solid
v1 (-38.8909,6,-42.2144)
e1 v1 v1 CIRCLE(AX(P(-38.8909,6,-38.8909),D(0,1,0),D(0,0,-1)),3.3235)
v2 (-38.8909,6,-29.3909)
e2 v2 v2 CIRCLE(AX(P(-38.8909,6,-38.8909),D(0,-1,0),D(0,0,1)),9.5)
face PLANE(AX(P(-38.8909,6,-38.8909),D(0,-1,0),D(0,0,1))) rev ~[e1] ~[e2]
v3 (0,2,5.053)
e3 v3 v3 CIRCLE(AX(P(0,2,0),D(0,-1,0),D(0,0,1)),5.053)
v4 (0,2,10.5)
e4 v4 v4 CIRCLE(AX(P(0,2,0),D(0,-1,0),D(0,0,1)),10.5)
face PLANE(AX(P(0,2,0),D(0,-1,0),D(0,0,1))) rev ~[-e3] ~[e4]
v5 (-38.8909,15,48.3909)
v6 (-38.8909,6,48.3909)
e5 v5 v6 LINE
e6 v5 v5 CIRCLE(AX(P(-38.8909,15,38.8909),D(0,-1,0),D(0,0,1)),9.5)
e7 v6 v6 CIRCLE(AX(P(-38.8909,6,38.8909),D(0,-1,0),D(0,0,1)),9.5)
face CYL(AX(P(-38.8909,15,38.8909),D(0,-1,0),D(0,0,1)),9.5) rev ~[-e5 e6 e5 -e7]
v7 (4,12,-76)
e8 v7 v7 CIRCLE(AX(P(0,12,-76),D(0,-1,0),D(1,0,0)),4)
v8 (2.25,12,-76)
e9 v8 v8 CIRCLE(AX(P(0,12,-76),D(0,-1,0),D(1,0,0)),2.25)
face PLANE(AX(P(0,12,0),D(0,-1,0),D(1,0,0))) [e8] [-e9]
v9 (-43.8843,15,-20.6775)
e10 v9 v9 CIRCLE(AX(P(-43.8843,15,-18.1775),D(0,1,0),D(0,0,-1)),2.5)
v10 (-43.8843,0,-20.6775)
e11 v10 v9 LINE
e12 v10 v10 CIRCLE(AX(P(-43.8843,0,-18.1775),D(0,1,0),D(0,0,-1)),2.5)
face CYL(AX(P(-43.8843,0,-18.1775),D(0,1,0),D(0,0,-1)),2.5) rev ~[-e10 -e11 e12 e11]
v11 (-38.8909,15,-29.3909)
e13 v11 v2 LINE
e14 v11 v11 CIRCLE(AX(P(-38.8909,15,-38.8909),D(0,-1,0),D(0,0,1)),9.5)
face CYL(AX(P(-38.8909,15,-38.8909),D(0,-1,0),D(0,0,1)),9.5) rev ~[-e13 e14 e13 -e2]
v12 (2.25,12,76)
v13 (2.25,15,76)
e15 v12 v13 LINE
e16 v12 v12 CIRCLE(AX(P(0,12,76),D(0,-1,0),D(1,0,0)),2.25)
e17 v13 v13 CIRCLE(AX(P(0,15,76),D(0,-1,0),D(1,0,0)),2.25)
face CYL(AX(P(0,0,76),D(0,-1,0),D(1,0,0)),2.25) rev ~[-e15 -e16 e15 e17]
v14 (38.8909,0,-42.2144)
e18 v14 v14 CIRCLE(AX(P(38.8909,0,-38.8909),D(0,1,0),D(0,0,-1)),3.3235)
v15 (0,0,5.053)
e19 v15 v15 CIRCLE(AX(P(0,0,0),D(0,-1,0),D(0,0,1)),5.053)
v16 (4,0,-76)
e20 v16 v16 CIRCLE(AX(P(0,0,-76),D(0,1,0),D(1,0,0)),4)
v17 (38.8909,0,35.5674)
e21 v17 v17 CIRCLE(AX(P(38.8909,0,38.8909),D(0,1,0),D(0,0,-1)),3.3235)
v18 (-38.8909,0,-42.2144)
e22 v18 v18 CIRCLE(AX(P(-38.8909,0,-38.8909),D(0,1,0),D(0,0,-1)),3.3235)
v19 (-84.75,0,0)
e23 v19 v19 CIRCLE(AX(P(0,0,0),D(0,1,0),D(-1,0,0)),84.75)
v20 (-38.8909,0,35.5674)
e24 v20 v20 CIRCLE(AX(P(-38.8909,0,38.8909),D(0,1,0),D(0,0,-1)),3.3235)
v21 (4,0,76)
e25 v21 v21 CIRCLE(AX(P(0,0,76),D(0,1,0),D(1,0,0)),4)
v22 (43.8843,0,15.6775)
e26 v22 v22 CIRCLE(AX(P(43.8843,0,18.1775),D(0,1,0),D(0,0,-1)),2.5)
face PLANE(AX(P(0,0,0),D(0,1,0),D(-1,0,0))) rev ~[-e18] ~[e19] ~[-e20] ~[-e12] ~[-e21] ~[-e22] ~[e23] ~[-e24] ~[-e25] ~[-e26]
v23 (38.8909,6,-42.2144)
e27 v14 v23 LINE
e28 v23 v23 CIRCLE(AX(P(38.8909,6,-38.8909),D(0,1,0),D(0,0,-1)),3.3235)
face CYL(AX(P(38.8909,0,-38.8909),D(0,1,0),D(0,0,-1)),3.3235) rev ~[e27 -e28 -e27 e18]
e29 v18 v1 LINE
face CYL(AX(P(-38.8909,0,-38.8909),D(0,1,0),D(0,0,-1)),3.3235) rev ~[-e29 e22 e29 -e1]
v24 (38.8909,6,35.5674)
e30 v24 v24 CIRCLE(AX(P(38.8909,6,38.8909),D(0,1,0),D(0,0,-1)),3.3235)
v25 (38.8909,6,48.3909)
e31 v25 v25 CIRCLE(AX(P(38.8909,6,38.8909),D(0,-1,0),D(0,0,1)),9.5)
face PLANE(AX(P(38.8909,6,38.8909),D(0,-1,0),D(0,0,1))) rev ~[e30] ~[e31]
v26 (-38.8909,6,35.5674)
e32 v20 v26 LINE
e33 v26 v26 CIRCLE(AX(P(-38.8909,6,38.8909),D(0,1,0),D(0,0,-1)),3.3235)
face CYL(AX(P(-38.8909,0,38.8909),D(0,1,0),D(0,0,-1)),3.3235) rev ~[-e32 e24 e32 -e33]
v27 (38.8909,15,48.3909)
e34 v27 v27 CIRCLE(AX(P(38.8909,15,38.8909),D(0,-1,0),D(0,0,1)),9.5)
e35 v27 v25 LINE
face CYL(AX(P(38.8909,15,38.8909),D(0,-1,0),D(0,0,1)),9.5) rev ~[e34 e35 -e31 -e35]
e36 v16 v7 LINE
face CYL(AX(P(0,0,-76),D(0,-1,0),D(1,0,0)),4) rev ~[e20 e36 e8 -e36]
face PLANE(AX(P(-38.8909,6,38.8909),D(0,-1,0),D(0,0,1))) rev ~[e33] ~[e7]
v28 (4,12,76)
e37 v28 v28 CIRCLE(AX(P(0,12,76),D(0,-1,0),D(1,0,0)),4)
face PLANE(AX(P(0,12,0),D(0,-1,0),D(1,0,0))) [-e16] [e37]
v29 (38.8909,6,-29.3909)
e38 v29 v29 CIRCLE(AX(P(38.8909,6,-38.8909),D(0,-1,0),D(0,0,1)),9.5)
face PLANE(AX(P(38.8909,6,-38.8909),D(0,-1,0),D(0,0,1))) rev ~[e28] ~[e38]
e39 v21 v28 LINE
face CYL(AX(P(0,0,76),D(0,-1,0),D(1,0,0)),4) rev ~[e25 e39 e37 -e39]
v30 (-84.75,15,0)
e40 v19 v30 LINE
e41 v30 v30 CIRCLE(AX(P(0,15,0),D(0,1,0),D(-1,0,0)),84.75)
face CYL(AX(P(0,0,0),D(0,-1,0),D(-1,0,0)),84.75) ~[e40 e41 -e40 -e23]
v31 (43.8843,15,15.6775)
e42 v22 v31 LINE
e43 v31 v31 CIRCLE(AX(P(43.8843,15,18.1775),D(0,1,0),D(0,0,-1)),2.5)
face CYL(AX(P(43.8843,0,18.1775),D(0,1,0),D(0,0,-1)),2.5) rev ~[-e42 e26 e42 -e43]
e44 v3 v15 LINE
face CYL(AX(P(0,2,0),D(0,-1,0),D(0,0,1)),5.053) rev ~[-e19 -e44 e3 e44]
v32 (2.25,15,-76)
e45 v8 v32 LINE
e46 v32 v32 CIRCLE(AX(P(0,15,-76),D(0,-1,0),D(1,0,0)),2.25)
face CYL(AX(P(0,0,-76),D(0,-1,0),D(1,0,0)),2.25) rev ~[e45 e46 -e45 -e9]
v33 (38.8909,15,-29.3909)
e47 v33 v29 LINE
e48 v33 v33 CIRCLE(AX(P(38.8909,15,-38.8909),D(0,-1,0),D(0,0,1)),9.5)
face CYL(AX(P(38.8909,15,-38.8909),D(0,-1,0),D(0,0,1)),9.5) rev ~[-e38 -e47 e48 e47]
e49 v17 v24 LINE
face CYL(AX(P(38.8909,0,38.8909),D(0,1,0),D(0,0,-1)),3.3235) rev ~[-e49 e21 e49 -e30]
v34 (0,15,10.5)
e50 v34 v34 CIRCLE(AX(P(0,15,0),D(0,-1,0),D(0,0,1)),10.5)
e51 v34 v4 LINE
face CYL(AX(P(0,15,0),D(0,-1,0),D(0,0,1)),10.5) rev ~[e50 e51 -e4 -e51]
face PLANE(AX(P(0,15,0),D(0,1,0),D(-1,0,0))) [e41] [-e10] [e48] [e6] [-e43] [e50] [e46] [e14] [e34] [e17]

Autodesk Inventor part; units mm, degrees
ref_plane "YZ Plane" through (0, 0, 0) normal (1, 0, 0) x (0, 1, 0)
ref_plane "XZ Plane" through (0, 0, 0) normal (0, 1, 0) x (-1, 0, 0)
ref_plane "XY Plane" through (0, 0, 0) normal (0, 0, 1) x (1, 0, 0)
sketch "Sketch1" plane through (0, 0, 0) normal (0, 1, 0) x (-1, 0, 0)
  circle A0 centre (0, 0) radius 84.75
  dimension "d0" = 169.5
extrude "Extrusion1" add sketch "Sketch1" along normal blind 15
sketch "Sketch2" plane through (0, 0, 0) normal (0, -1, 0) x (1, 0, 0)
  circle A0 centre (0, 0) radius 76
  circle A1 centre (0, 76) radius 4
  circle A2 centre (0, -76) radius 4
  circle A3 centre (0, 76) radius 2.25
  circle A4 centre (0, -76) radius 2.25
  dimension "d3" = 152
  dimension "d4" = 8
  dimension "d5" = 8
  dimension "d6" = 4.5
  dimension "d7" = 4.5
extrude "Extrusion2" cut sketch "Sketch2" against normal through all contours A3 A0 | A0 A3 | A4 A0 | A0 A4
extrude "Extrusion3" cut sketch "Sketch2" against normal blind 12 contours A1 A0 A3 | A0 A3 A1 | A2 A0 A4 | A0 A4 A2 | A3 A0 | A0 A3 | A4 A0 | A0 A4
sketch "Sketch3" plane through (0, 0, 0) normal (0, -1, 0) x (1, 0, 0)
  circle A0 centre (0, 0) radius 84.75
  circle A1 centre (0, 0) radius 20
  circle A2 centre (0, -20) radius 4
  circle A3 centre (20, 0) radius 4
  circle A4 centre (0, 20) radius 4
  circle A5 centre (-20, 0) radius 4
  line L0 (55, 55) -> (-55, 55)
  line L1 (-55, 55) -> (-55, -55)
  line L2 (-55, -55) -> (55, -55)
  line L3 (55, -55) -> (55, 55)
  line L4 (55, 55) -> (-55, -55) construction
  line L5 (-55, 55) -> (55, -55) construction
  circle A6 centre (0, 0) radius 55
  circle A7 centre (-38.8909, -38.8909) radius 4
  circle A8 centre (38.8909, -38.8909) radius 4
  circle A9 centre (38.8909, 38.8909) radius 4
  circle A10 centre (-38.8909, 38.8909) radius 4
  dimension "d12" = 40
  dimension "d13" = 8
  dimension "d16" = 360
  dimension "d21" = 110
  dimension "d22" = 110
  dimension "d23" = 110
  dimension "d24" = 8
  dimension "d25" = 8
  dimension "d26" = 8
  dimension "d27" = 8
hole "Hole1" at (38.8909, 0, -38.8909) at (38.8909, 0, 38.8909) at (-38.8909, 0, 38.8909) at (-38.8909, 0, -38.8909) direction (0, 1, 0) diameter 6.647 depth 20 tip angle 118 thread size "M8x1.25" class "6H" standard "ANSI Metric M Profile"
sketch "Sketch4" plane through (0, 0, 0) normal (0, -1, 0) x (1, 0, 0)
  circle A0 centre (0, 0) radius 47.5
  circle A1 centre (-47.5, 0) radius 2.5
  circle A2 centre (-43.8843, -18.1775) radius 2.5
  circle A3 centre (-33.5876, -33.5876) radius 2.5
  circle A4 centre (-18.1775, -43.8843) radius 2.5
  circle A5 centre (0, -47.5) radius 2.5
  circle A6 centre (18.1775, -43.8843) radius 2.5
  circle A7 centre (33.5876, -33.5876) radius 2.5
  circle A8 centre (43.8843, -18.1775) radius 2.5
  circle A9 centre (47.5, 0) radius 2.5
  circle A10 centre (43.8843, 18.1775) radius 2.5
  circle A11 centre (33.5876, 33.5876) radius 2.5
  circle A12 centre (18.1775, 43.8843) radius 2.5
  circle A13 centre (0, 47.5) radius 2.5
  circle A14 centre (-18.1775, 43.8843) radius 2.5
  circle A15 centre (-33.5876, 33.5876) radius 2.5
  circle A16 centre (-43.8843, 18.1775) radius 2.5
  dimension "d35" = 95
  dimension "d36" = 5
  dimension "d39" = 360
hole "Hole2" at (43.8843, 0, 18.1775) at (-43.8843, 0, -18.1775) direction (0, 1, 0) diameter 5 end through all
sketch "Sketch5" plane through (0, 15, 0) normal (0, 1, 0) x (1, 0, 0)
  circle A0 centre (0, 0) radius 84.75
hole "Hole3" at (0, 15, 0) direction (0, -1, 0) diameter 10.106 depth 32.3 tip angle 118 counterbore diameter 21 counterbore depth 13 thread size "M12x1.75" class "6H" standard "ANSI Metric M Profile"
sketch "Sketch6" plane through (0, 15, 0) normal (0, 1, 0) x (1, 0, 0)
  circle A0 centre (-38.8909, -38.8909) radius 3.3235 projected
  circle A1 centre (-38.8909, -38.8909) radius 3.3235
  circle A2 centre (-38.8909, 38.8909) radius 3.3235 projected
  circle A3 centre (-38.8909, 38.8909) radius 3.3235
  circle A4 centre (38.8909, 38.8909) radius 3.3235 projected
  circle A5 centre (38.8909, 38.8909) radius 3.3235
  circle A6 centre (38.8909, -38.8909) radius 3.3235 projected
  circle A7 centre (38.8909, -38.8909) radius 3.3235
  point P0 (0, 0)
hole "Hole4" at (-38.8909, 15, 38.8909) at (-38.8909, 15, -38.8909) at (38.8909, 15, 38.8909) at (38.8909, 15, -38.8909) direction (0, -1, 0) diameter 6.647 depth 20 tip angle 118 counterbore diameter 19 counterbore depth 9 thread size "M8x1.25" class "6H" standard "ANSI Metric M Profile"
properties part number "substrate plate"
